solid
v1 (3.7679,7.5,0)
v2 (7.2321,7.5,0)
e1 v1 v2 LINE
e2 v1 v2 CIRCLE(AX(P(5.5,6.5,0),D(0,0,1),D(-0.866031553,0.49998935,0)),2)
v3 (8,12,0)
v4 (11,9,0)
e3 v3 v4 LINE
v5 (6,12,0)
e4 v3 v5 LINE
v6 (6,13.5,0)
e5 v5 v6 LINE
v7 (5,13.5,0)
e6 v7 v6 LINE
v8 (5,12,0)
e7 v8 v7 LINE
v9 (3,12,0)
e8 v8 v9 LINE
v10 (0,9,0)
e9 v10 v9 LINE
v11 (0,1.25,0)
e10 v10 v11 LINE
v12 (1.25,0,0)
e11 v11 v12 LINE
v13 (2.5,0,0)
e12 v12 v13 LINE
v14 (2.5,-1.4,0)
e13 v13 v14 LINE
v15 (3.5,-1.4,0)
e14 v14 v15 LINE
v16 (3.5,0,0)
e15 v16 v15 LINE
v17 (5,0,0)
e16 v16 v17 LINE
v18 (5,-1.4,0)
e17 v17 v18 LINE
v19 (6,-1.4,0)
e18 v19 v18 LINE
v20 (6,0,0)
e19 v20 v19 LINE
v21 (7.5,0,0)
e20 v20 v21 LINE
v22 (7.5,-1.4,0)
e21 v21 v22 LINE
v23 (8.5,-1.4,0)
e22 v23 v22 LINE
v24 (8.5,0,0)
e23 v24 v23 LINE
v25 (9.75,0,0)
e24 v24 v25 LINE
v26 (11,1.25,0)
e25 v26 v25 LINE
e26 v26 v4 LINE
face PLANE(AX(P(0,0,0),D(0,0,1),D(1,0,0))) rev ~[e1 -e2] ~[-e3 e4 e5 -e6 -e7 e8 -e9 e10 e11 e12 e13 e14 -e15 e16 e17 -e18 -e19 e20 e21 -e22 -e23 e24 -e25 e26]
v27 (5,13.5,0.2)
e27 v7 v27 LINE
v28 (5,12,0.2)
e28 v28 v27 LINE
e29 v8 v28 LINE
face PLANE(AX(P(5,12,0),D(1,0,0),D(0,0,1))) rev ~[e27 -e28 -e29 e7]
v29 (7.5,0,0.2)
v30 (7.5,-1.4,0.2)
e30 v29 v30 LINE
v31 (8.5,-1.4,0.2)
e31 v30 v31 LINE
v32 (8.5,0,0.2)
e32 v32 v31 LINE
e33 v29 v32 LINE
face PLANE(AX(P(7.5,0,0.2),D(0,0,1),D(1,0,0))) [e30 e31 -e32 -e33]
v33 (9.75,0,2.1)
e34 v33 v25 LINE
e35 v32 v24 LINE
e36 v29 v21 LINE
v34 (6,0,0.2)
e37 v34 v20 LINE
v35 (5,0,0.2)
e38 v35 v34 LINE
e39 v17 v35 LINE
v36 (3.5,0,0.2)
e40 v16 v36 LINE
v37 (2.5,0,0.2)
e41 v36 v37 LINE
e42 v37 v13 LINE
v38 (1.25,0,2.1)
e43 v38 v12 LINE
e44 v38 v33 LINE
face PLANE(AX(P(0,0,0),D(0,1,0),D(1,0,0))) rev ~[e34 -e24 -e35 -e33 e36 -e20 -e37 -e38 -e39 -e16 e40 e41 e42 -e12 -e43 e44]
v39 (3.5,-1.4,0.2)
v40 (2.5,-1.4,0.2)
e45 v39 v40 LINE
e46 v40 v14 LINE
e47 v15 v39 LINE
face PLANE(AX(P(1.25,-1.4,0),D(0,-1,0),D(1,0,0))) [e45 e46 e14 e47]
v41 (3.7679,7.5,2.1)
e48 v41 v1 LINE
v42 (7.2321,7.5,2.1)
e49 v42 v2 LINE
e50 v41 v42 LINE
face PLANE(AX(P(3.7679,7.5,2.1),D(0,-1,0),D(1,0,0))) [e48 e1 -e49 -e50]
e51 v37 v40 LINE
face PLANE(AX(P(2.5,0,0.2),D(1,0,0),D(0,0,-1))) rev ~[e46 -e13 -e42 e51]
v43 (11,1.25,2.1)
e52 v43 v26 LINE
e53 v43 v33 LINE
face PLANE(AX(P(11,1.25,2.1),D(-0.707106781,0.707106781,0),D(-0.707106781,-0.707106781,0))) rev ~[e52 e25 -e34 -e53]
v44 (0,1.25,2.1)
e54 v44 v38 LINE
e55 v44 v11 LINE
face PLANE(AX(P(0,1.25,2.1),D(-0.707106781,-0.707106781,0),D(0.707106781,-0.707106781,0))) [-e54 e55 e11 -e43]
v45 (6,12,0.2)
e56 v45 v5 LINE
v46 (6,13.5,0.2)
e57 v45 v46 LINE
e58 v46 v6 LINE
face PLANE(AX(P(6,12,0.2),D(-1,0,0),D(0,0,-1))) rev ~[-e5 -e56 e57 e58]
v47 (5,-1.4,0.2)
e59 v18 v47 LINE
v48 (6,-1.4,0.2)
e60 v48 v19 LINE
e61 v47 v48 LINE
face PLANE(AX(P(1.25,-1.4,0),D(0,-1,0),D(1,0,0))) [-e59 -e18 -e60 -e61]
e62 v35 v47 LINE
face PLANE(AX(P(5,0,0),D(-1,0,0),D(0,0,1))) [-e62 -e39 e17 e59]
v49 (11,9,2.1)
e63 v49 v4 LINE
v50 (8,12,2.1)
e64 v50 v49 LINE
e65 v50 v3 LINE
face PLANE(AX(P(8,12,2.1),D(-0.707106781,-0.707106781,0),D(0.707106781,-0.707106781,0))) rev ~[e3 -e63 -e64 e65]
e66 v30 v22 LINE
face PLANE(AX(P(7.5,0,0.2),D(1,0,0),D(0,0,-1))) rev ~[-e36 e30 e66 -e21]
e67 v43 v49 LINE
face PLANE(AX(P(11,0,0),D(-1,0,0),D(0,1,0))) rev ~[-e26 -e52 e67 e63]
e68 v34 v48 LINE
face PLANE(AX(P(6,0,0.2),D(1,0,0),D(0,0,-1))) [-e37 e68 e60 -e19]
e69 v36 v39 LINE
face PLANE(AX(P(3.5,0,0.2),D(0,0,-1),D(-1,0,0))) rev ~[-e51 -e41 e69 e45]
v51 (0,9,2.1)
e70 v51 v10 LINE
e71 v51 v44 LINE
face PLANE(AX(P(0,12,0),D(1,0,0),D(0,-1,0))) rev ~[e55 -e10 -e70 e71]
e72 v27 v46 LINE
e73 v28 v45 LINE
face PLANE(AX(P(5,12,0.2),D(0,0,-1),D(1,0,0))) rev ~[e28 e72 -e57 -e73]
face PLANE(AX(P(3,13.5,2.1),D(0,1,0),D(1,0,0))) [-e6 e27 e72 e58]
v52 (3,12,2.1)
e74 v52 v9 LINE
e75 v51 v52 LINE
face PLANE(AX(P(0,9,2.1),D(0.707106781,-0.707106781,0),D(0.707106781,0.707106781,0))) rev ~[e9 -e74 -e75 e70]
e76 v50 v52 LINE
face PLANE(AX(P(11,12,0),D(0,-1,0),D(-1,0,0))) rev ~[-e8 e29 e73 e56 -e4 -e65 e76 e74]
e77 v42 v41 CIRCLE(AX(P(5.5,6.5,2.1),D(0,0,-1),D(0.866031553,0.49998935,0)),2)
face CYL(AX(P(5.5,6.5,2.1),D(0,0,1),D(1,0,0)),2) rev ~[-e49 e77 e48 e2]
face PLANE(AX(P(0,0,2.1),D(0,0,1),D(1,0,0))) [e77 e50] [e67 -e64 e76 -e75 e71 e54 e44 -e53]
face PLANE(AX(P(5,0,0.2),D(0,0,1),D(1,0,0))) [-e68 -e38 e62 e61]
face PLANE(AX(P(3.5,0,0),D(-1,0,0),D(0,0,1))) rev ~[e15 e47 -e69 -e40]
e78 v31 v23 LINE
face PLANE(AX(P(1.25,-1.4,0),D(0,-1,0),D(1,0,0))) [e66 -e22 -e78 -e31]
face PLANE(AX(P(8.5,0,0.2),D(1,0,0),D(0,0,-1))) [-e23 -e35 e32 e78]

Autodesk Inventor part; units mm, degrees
ref_plane "YZ Plane" through (0, 0, 0) normal (1, 0, 0) x (0, 1, 0)
ref_plane "XZ Plane" through (0, 0, 0) normal (0, 1, 0) x (-1, 0, 0)
ref_plane "XY Plane" through (0, 0, 0) normal (0, 0, 1) x (1, 0, 0)
sketch "スケッチ1" plane through (0, 0, 0) normal (0, 0, 1) x (1, 0, 0)
  line L0 (0, 0) -> (11, 0)
  line L1 (11, 0) -> (11, 12)
  line L2 (11, 12) -> (0, 12)
  line L3 (0, 12) -> (0, 0)
  dimension "d0" = 11
  dimension "d1" = 12
extrude "押し出し1" add sketch "スケッチ1" along normal blind 2.1
sketch "スケッチ2" plane through (0, 0, 2.1) normal (0, 0, 1) x (1, 0, 0)
  circle A0 centre (5.5, 6.5) radius 2
  line L0 (0, 12) -> (0, 0) projected
  line L1 (11, 12) -> (0, 12) projected
  line L2 (3.7679, 7.5) -> (7.2321, 7.5)
  dimension "d4" = 4
  dimension "d5" = 5.5
  dimension "d6" = 5.5
  dimension "d7" = 3
extrude "押し出し2" cut sketch "スケッチ2" against normal through all contours A0 L2 picked at (5.5553, 6.2487)
sketch "スケッチ3" plane through (0, 0, 2.1) normal (0, 0, 1) x (1, 0, 0)
  line L0 (0, 12) -> (0, 0) projected
  line L1 (0, 9) -> (3, 12)
  line L2 (11, 12) -> (0, 12) projected
  line L3 (0, 1) -> (1, 0)
  line L4 (0, 0) -> (11, 0) projected
  line L5 (5.5, 12) -> (5.5, 0)
  line L6 (11, 9) -> (8, 12)
  line L7 (11, 1) -> (10, 0)
  dimension "d10" = 45
  dimension "d12" = 1
  dimension "d13" = 3
  dimension "d14" = 1
extrude "押し出し3" cut sketch "スケッチ3" against normal through all contours L2 L1 L0
sketch "スケッチ4" plane through (0, 0, 2.1) normal (0, 0, 1) x (1, 0, 0)
  line L0 (11, 12) -> (3, 12) projected
  line L1 (8, 12) -> (11, 9)
  line L2 (11, 0) -> (11, 12) projected
  point P0 (0, 0)
  dimension "d17" = 3
  dimension "d18" = 3
extrude "押し出し4" cut sketch "スケッチ4" against normal through all
sketch "スケッチ5" plane through (0, 0, 2.1) normal (0, 0, 1) x (1, 0, 0)
  line L0 (0, 9) -> (0, 0) projected
  line L1 (0, 1.25) -> (1.25, 0)
  line L2 (0, 0) -> (11, 0) projected
  dimension "d21" = 1.25
  dimension "d29" = 1.25
extrude "押し出し5" cut sketch "スケッチ5" against normal through all
sketch "スケッチ6" plane through (0, 0, 2.1) normal (0, 0, 1) x (1, 0, 0)
  line L0 (11, 0) -> (11, 9) projected
  line L1 (11, 1.25) -> (9.75, 0)
  line L2 (1.25, 0) -> (11, 0) projected
  point P0 (0, 0)
  dimension "d25" = 1.25
  dimension "d26" = 1.25
extrude "押し出し6" cut sketch "スケッチ6" against normal through all
sketch "スケッチ7" plane through (1.25, 0, 0) normal (0, -1, 0) x (1, 0, 0)
  point P0 (-1.25, 0)
sketch "スケッチ8" plane through (0, 0, 2.1) normal (0, 0, 1) x (1, 0, 0)
  point P0 (0, 0)
sketch "スケッチ9" plane through (0, 0, 2.1) normal (0, 0, 1) x (1, 0, 0)
  point P0 (0, 0)
sketch "スケッチ10" plane through (1.25, 0, 0) normal (0, -1, 0) x (1, 0, 0)
  line L0 (3.75, 0.2) -> (4.75, 0.2)
  line L1 (4.75, 0.2) -> (4.75, 0)
  line L2 (4.75, 0) -> (3.75, 0)
  line L3 (3.75, 0) -> (3.75, 0.2)
  line L4 (0, 0) -> (8.5, 0) projected
  line L5 (6.25, 0.2) -> (7.25, 0.2)
  line L6 (7.25, 0.2) -> (7.25, 0)
  line L7 (7.25, 0) -> (6.25, 0)
  line L8 (6.25, 0) -> (6.25, 0.2)
  line L9 (9.75, 2.1) -> (9.75, 0) projected
  point P0 (-1.25, 0)
  dimension "d31" = 1
  dimension "d36" = 0.2
  dimension "d37" = 1
  dimension "d38" = 2.5
sketch "スケッチ12" plane through (1.25, 0, 0) normal (0, -1, 0) x (1, 0, 0)
  line L0 (6.25, 2.1) -> (6.25, 0) projected
  line L1 (6.75, 0) -> (9.75, 0) projected
  line L2 (6.25, 0.2) -> (7.25, 0.2)
  line L3 (7.25, 0.2) -> (7.25, 0)
  line L4 (7.25, 0) -> (6.25, 0)
  line L5 (6.25, 0) -> (6.25, 0.2)
  point P0 (-1.25, 0)
  dimension "d34" = 1
  dimension "d35" = 0.2
extrude "押し出し7" add sketch "スケッチ10" along normal blind 1.4 contours L0 L1 L2 L3
extrude "押し出し8" add sketch "スケッチ12" along normal blind 1.4
sketch "スケッチ13" plane through (1.25, 0, 0) normal (0, -1, 0) x (1, 0, 0)
  line L0 (6.25, 0) -> (2.25, 0) projected
  line L1 (2.25, 0.2) -> (1.25, 0.2)
  line L2 (1.25, 0.2) -> (1.25, 0)
  line L3 (1.25, 0) -> (2.25, 0)
  line L4 (2.25, 0) -> (2.25, 0.2)
  line L5 (-1.25, 0) -> (-1.25, 2.1) projected
  point P0 (2.5179, 0)
  point P1 (5.9821, 0)
  dimension "d43" = 0.2
  dimension "d44" = 1
  dimension "d45" = 2.5
extrude "押し出し9" add sketch "スケッチ13" along normal blind 1.4
sketch "スケッチ14" plane through (3, 12, 2.1) normal (0, 1, 0) x (1, 0, 0)
  line L0 (2, 1.9) -> (3, 1.9) projected
  line L1 (0.5, 2.1) -> (4.5, 2.1) projected
  line L2 (2, 1.9) -> (3, 1.9)
  line L3 (3, 1.9) -> (3, 2.1)
  line L4 (3, 2.1) -> (2, 2.1)
  line L5 (2, 2.1) -> (2, 1.9)
  point P0 (-3, 2.1)
  point P1 (0.7679, 2.1)
  point P2 (4.2321, 2.1)
  dimension "d48" = 1
extrude "押し出し10" add sketch "スケッチ14" along normal blind 1.5
properties part number "3SR08_ポテンショメータ"
